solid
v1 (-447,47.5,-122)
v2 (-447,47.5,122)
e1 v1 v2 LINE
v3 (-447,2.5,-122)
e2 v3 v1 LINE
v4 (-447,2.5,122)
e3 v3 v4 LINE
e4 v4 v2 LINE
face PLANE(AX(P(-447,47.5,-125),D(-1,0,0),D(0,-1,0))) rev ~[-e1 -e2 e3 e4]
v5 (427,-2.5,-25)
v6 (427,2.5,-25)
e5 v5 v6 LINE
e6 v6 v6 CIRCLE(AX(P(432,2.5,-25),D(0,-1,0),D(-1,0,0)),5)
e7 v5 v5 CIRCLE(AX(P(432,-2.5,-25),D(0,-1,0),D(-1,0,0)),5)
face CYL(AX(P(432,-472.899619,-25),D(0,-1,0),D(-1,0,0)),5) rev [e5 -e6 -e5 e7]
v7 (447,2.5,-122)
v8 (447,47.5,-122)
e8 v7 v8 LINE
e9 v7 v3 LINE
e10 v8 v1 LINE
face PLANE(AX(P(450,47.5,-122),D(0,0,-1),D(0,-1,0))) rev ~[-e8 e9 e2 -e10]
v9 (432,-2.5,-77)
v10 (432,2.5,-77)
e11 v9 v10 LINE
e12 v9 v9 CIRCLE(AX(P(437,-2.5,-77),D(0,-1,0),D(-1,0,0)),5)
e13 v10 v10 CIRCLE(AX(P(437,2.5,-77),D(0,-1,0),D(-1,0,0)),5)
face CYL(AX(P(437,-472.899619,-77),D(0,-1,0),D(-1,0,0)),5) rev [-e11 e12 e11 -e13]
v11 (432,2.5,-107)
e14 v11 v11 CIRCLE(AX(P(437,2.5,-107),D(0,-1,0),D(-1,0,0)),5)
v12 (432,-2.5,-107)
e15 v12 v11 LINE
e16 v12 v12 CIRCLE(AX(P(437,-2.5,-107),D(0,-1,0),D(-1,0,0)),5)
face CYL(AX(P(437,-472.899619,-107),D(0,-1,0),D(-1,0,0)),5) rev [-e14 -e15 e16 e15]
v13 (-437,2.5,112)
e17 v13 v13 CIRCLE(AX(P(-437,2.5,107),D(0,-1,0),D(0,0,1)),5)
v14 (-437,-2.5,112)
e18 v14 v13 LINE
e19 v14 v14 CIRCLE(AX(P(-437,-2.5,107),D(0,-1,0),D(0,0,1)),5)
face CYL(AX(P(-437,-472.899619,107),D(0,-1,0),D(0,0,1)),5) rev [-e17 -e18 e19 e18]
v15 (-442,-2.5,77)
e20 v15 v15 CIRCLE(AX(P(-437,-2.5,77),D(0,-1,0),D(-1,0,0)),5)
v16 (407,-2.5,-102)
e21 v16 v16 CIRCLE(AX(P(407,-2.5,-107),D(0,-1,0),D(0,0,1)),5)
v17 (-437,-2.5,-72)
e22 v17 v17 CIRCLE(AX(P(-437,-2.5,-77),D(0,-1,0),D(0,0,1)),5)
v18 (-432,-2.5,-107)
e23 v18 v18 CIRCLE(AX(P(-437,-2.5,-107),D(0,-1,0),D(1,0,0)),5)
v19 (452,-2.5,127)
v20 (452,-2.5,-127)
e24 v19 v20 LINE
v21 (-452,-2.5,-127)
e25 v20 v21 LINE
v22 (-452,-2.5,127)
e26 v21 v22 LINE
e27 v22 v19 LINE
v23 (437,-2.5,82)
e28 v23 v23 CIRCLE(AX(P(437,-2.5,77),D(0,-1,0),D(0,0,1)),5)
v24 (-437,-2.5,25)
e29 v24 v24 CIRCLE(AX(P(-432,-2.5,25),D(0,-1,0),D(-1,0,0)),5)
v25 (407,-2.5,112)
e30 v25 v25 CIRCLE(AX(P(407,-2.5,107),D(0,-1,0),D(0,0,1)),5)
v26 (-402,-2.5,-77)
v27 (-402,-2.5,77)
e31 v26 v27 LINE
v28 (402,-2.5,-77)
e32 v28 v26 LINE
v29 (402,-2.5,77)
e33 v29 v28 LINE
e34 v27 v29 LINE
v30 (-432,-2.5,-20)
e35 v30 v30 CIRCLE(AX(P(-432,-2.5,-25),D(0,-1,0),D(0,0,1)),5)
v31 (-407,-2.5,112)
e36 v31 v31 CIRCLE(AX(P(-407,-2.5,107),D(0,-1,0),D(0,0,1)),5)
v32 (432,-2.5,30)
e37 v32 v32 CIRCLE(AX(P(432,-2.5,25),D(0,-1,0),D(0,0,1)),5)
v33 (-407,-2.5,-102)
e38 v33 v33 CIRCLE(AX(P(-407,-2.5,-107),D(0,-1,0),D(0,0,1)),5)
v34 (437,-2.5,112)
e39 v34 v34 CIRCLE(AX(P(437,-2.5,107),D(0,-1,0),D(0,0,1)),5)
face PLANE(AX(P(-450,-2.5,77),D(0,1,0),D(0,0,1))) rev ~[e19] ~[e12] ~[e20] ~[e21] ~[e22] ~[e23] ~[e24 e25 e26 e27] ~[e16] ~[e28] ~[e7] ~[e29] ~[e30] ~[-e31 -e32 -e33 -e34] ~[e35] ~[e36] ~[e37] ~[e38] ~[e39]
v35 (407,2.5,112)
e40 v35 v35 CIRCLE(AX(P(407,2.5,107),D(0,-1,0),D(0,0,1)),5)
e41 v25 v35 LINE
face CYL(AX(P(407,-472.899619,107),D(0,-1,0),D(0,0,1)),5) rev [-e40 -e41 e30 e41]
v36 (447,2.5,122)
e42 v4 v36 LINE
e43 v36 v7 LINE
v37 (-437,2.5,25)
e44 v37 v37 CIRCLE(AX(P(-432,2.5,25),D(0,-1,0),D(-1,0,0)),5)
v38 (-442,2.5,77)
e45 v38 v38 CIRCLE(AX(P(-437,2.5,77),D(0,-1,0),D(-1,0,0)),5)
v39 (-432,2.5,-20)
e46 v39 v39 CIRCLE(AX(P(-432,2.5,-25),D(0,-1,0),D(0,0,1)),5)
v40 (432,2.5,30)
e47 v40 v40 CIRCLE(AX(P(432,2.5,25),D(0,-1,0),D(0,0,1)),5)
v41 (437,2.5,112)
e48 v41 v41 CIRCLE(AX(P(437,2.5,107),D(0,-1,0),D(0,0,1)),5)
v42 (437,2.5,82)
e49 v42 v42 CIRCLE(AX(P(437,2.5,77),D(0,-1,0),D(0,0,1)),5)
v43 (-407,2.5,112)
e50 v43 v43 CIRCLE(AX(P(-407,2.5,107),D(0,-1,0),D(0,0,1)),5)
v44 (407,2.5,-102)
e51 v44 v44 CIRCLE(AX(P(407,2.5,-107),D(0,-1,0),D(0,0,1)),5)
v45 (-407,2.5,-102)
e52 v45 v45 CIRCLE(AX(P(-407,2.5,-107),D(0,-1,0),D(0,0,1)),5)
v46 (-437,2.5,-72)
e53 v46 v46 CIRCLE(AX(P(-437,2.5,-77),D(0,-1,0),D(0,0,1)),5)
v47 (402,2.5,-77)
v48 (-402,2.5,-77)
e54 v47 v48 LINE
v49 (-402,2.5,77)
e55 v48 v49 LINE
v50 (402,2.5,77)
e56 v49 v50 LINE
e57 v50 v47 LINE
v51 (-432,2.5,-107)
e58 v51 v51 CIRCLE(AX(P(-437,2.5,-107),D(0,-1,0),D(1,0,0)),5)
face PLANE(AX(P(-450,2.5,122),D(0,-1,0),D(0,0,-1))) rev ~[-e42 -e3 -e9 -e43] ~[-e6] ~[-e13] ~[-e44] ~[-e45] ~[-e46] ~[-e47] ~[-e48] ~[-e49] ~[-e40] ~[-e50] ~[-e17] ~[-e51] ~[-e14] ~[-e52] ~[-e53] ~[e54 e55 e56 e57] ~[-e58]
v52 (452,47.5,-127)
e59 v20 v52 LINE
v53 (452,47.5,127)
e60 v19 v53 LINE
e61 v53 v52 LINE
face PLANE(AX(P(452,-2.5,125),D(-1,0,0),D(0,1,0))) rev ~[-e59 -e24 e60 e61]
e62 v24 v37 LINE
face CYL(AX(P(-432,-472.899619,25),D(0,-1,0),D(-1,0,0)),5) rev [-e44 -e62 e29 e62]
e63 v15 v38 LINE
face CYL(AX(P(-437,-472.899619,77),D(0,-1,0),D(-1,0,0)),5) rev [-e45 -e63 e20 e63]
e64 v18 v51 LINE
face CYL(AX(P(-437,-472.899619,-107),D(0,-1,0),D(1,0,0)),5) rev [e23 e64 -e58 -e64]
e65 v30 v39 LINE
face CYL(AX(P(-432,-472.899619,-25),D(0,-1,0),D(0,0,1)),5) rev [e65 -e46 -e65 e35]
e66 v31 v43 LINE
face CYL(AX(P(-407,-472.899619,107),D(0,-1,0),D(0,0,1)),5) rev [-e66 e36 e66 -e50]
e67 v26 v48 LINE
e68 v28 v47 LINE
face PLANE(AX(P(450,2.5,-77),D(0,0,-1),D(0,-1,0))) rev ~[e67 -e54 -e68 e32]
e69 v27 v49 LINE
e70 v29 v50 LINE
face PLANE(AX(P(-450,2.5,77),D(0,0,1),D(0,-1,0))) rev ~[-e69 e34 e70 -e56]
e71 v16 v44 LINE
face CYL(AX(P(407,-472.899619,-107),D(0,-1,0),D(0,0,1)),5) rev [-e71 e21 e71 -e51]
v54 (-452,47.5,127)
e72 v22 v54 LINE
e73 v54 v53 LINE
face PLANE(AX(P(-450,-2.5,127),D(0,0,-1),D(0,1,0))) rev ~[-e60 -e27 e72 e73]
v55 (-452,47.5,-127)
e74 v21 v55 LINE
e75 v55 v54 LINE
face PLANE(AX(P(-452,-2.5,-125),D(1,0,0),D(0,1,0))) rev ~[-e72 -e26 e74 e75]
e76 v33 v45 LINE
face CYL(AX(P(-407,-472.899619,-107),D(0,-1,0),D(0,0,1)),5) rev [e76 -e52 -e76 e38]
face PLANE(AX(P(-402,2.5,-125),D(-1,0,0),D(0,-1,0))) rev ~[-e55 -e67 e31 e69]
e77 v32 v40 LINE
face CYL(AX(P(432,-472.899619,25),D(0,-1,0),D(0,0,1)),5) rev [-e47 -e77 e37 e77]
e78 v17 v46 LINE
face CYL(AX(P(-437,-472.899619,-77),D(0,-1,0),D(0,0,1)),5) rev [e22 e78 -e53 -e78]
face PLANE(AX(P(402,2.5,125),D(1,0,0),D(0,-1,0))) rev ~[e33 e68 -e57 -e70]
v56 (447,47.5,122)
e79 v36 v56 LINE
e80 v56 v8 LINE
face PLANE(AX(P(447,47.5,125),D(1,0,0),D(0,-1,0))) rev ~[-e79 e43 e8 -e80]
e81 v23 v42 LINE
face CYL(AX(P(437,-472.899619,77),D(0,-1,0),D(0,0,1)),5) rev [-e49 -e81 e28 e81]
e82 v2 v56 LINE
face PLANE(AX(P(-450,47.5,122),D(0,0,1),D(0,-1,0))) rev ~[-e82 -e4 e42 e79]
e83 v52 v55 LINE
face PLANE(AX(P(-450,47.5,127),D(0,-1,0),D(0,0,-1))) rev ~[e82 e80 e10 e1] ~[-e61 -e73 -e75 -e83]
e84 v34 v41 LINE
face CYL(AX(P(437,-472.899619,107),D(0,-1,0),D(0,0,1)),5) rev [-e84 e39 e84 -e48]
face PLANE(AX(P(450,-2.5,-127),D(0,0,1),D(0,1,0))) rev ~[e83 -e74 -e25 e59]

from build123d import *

# Parameters (mm, degrees)
CUT_EXTRUDE1_DEPTH      = 472.899618563
CUT_EXTRUDE1_DEPTH_BACK = 472.899618563
SKETCH5_R               = 5


with BuildPart() as part:
    # Sweep3: sweep along a path in Sketch1
    with BuildLine(Plane(origin=(0, 0, 0), x_dir=(1, 0, 0), z_dir=(0, 1, 0))) as sweep3_path:
        Line((-450, -125), (450, -125))
        Line((450, -125), (450, 125))
        Line((450, 125), (-450, 125))
        Line((-450, 125), (-450, -125))
    # Sketch2 → Sweep3 (sweep)
    with BuildSketch(Plane.XY):
        Polygon((402, -2.5), (452, -2.5), (452, 47.5), (447, 47.5), (447, 2.5), (402, 2.5), align=None)
    sweep(path=sweep3_path.line, transition=Transition.RIGHT)

    # Sketch5 → Cut-Extrude1 (cut, two sides: drawn at the far end of the back side and taken through both)
    with BuildSketch(Plane(origin=(0, 0, 0), x_dir=(1, 0, 0), z_dir=(0, 1, 0)).offset(-CUT_EXTRUDE1_DEPTH_BACK)):
        with Locations((-437, 107)):
            Circle(SKETCH5_R)
        with Locations(Location((-407, 107, 0), (0, 0, 270))):
            Circle(SKETCH5_R)
        with Locations(Location((-432, 25, 0), (0, 0, 270))):
            Circle(SKETCH5_R)
        with Locations(Location((-437, 77, 0), (0, 0, 270))):
            Circle(SKETCH5_R)
        with Locations(Location((-407, -107, 0), (0, 0, 270))):
            Circle(SKETCH5_R)
        with Locations(Location((-437, -107, 0), (0, 0, 270))):
            Circle(SKETCH5_R)
        with Locations(Location((-437, -77, 0), (0, 0, 180))):
            Circle(SKETCH5_R)
        with Locations(Location((-432, -25, 0), (0, 0, 180))):
            Circle(SKETCH5_R)
        with Locations(Location((432, -25, 0), (0, 0, 270))):
            Circle(SKETCH5_R)
        with Locations(Location((437, -77, 0), (0, 0, 270))):
            Circle(SKETCH5_R)
        with Locations(Location((437, -107, 0), (0, 0, 270))):
            Circle(SKETCH5_R)
        with Locations(Location((407, -107, 0), (0, 0, 270))):
            Circle(SKETCH5_R)
        with Locations(Location((437, 77, 0), (0, 0, 180))):
            Circle(SKETCH5_R)
        with Locations(Location((432, 25, 0), (0, 0, 180))):
            Circle(SKETCH5_R)
        with Locations(Location((407, 107, 0), (0, 0, 270))):
            Circle(SKETCH5_R)
        with Locations(Location((437, 107, 0), (0, 0, 180))):
            Circle(SKETCH5_R)
    extrude(amount=CUT_EXTRUDE1_DEPTH + CUT_EXTRUDE1_DEPTH_BACK, mode=Mode.SUBTRACT)


solid = part.part
